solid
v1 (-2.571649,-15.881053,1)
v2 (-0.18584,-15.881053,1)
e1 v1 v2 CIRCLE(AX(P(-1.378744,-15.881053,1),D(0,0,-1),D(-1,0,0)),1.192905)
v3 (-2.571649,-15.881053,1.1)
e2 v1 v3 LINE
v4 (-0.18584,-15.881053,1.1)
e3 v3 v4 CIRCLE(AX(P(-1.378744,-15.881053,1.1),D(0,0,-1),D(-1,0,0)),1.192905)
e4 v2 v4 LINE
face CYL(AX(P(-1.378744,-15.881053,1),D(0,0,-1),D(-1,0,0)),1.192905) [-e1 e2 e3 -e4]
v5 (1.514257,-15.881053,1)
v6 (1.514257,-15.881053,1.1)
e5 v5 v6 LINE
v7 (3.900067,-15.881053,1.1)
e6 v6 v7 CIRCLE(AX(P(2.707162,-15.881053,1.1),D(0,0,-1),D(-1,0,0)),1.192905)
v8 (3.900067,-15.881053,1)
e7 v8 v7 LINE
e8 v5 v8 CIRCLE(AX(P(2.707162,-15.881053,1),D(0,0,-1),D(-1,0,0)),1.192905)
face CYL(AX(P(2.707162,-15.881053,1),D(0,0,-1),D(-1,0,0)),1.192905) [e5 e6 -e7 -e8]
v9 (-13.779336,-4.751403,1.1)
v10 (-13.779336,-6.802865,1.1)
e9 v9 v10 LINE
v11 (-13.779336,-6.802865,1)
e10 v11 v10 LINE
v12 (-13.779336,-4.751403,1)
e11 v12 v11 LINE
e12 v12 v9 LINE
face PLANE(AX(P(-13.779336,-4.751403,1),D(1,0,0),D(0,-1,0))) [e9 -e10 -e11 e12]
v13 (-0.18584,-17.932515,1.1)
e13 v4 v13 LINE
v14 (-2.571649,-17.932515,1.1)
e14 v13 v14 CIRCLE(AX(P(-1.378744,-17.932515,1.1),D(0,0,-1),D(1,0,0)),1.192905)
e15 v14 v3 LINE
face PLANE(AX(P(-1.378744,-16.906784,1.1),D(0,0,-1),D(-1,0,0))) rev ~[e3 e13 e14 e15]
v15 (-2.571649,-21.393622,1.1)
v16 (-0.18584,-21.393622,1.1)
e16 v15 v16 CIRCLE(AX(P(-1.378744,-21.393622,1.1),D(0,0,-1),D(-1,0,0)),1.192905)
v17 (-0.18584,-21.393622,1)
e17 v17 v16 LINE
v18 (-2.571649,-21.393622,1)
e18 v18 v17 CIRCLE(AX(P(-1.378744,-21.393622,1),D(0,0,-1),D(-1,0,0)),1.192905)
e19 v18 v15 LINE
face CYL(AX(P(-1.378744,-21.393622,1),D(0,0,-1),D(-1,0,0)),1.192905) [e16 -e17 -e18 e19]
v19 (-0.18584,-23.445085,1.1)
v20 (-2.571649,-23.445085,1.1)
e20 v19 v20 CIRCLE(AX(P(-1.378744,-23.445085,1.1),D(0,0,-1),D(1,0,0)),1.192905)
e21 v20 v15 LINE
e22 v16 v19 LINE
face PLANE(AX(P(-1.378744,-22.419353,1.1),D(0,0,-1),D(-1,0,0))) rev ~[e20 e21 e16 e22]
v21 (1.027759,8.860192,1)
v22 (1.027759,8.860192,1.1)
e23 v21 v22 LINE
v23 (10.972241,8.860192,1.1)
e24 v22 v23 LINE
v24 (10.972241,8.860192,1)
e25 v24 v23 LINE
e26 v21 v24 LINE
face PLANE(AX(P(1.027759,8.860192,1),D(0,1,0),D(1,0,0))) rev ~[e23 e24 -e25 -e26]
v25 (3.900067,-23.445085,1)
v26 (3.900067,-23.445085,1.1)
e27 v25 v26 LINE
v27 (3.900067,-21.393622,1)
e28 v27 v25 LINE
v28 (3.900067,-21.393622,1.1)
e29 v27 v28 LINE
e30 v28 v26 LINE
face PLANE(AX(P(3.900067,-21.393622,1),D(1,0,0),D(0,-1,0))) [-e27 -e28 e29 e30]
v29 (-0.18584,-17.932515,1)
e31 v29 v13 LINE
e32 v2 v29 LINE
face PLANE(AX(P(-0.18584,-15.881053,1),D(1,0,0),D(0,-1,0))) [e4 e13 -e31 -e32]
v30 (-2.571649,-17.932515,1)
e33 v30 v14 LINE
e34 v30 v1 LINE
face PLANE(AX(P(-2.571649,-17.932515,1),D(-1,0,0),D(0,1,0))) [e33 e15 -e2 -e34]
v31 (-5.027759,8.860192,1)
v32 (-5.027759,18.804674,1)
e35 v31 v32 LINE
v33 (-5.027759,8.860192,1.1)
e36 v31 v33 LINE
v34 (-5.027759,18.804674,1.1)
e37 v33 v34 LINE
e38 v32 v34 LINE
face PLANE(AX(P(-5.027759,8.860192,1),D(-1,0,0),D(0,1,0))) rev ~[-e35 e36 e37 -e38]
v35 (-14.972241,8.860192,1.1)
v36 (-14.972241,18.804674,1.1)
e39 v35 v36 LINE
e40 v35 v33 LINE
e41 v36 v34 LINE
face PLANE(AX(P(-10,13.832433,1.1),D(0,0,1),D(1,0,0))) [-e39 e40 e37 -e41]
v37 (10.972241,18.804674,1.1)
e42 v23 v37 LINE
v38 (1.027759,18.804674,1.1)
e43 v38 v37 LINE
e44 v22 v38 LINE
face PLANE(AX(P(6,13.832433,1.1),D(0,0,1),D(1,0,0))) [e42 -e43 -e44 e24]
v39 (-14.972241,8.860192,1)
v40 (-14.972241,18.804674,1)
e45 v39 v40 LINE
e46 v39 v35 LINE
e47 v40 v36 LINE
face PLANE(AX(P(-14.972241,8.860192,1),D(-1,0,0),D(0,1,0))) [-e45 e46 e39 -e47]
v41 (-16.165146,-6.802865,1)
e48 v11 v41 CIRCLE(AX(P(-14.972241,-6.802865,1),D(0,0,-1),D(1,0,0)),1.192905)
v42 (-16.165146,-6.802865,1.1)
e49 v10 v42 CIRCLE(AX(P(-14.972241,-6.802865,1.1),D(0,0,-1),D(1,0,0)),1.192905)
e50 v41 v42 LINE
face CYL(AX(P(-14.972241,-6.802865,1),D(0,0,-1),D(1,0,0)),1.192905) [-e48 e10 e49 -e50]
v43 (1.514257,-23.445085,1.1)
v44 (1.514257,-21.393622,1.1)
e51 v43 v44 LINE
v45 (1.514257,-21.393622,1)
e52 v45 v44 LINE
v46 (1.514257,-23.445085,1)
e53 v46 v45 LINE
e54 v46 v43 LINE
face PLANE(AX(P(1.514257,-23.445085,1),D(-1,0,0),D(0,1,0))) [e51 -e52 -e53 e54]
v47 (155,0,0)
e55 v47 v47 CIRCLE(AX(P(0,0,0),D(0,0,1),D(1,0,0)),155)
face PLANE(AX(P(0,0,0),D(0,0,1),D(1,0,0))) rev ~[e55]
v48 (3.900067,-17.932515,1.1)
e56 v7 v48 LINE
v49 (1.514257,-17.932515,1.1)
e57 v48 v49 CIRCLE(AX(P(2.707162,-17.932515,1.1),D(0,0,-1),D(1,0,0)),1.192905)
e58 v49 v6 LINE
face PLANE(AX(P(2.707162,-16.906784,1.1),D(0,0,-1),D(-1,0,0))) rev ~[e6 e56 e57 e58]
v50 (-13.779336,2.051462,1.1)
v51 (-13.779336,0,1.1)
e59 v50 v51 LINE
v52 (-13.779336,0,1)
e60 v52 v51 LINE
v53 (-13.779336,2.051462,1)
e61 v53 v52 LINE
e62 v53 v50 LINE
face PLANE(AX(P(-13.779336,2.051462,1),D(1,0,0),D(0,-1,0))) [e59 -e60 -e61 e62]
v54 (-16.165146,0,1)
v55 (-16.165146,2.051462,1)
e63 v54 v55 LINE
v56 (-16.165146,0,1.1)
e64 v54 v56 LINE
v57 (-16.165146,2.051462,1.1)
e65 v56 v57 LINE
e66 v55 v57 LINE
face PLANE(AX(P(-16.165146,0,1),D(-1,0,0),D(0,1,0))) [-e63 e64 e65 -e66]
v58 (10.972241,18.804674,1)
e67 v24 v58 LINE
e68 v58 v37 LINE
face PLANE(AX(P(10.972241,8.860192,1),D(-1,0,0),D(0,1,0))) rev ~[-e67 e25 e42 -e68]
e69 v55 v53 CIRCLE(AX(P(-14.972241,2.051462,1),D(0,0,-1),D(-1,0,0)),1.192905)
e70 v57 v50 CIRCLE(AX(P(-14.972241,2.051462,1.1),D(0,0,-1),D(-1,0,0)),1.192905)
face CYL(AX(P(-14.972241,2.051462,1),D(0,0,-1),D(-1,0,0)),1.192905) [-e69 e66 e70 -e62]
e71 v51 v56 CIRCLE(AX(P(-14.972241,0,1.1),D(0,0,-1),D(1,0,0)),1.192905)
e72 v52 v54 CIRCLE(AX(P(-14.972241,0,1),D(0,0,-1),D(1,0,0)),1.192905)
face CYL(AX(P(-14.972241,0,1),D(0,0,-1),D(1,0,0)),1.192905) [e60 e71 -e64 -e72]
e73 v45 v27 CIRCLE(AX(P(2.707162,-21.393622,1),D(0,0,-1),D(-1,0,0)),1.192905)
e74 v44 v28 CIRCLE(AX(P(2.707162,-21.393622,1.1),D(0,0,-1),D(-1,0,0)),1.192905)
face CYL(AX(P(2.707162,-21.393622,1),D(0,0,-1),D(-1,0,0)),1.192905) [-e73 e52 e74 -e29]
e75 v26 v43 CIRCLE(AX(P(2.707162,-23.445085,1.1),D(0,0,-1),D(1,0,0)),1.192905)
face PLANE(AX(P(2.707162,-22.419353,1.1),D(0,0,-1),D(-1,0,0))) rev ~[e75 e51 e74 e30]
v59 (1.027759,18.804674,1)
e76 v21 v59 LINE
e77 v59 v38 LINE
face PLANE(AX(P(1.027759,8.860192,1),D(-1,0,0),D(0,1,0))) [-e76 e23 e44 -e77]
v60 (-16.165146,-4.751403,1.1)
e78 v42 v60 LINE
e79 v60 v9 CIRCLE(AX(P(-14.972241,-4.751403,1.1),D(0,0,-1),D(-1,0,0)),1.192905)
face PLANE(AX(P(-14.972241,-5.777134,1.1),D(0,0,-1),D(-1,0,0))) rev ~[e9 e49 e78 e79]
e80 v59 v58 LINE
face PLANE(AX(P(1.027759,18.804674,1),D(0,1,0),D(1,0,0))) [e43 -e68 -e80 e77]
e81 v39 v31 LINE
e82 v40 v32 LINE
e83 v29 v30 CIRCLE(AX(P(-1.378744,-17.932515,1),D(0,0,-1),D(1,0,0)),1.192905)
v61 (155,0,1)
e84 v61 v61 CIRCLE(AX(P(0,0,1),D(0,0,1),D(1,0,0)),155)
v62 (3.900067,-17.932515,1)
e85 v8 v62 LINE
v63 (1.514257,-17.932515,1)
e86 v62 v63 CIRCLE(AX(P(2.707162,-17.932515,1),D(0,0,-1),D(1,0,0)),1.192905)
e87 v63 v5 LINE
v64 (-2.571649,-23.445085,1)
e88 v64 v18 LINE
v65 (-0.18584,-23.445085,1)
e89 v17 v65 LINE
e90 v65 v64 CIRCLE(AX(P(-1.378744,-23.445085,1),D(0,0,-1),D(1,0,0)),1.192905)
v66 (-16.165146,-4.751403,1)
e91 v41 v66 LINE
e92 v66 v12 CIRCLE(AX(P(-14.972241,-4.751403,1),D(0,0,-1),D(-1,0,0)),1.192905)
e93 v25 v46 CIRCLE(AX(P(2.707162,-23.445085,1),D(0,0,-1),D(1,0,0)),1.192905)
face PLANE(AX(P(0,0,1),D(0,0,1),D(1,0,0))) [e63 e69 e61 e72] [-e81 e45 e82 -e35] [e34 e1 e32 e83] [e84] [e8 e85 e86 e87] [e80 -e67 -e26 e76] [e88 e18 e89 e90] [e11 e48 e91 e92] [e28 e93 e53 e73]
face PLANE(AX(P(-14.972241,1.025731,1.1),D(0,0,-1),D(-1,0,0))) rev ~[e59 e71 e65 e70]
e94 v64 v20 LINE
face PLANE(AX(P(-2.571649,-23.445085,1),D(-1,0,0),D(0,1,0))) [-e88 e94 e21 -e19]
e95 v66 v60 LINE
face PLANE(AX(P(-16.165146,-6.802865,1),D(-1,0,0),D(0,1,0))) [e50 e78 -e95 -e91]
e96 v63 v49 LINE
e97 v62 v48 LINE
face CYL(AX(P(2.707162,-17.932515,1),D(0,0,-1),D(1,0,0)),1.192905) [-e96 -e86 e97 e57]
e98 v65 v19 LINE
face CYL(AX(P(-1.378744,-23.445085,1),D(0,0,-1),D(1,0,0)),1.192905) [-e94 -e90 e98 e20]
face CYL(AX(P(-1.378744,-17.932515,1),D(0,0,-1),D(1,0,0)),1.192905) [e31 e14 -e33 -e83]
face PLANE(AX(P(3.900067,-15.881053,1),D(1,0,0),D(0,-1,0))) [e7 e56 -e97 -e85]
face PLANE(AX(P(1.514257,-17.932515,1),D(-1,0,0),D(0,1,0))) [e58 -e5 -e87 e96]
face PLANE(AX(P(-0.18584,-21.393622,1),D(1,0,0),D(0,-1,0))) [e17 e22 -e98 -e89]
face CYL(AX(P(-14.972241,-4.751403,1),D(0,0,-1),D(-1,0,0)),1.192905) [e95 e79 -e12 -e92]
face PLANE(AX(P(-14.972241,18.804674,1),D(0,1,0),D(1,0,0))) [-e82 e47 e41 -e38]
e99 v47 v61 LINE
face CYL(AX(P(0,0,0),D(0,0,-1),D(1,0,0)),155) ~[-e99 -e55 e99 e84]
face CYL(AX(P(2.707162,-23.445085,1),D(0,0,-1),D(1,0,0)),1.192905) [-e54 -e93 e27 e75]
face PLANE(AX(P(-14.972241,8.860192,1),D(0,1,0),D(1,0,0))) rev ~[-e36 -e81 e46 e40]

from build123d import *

# Parameters (mm, degrees)
SKETCH1_R           = 155
BOSS_EXTRUDE1_DEPTH = 1
SKETCH2_W           = 9.944482202
SKETCH2_H           = 9.944482203
BOSS_EXTRUDE2_DEPTH = 0.1


with BuildPart() as part:
    # Sketch1 → Boss-Extrude1 (new body)
    with BuildSketch(Plane.XY):
        Circle(SKETCH1_R)
    extrude(amount=BOSS_EXTRUDE1_DEPTH)

    # Sketch2 → Boss-Extrude2 (add)
    with BuildSketch(Plane.XY.offset(1)):
        with Locations((-10, 13.832433297)):
            Rectangle(SKETCH2_W, SKETCH2_H)
        with Locations((6, 13.832433297)):
            Rectangle(SKETCH2_W, SKETCH2_H)
        with BuildLine():
            Line((-13.779336212, 2.051462451), (-13.779336212, 0))
            ThreePointArc((-13.779336212, 0), (-14.972241101, -1.19290489), (-16.165145991, 0))
            Line((-16.165145991, 0), (-16.165145991, 2.051462451))
            ThreePointArc((-16.165145991, 2.051462451), (-14.972241101, 3.244367341), (-13.779336212, 2.051462451))
        make_face()
        with BuildLine():
            Line((-16.165145991, -6.802865473), (-16.165145991, -4.751403022))
            ThreePointArc((-16.165145991, -4.751403022), (-14.972241101, -3.558498133), (-13.779336212, -4.751403022))
            Line((-13.779336212, -4.751403022), (-13.779336212, -6.802865473))
            ThreePointArc((-13.779336212, -6.802865473), (-14.972241101, -7.995770363), (-16.165145991, -6.802865473))
        make_face()
        with BuildLine():
            Line((-0.185839603, -15.881052977), (-0.185839603, -17.932515427))
            ThreePointArc((-0.185839603, -17.932515427), (-1.378744492, -19.125420317), (-2.571649382, -17.932515427))
            Line((-2.571649382, -17.932515427), (-2.571649382, -15.881052977))
            ThreePointArc((-2.571649382, -15.881052977), (-1.378744492, -14.688148087), (-0.185839603, -15.881052977))
        make_face()
        with BuildLine():
            Line((3.900067015, -15.881052977), (3.900067015, -17.932515427))
            ThreePointArc((3.900067015, -17.932515427), (2.707162125, -19.125420317), (1.514257236, -17.932515427))
            Line((1.514257236, -17.932515427), (1.514257236, -15.881052977))
            ThreePointArc((1.514257236, -15.881052977), (2.707162125, -14.688148087), (3.900067015, -15.881052977))
        make_face()
        with BuildLine():
            Line((-0.185839603, -21.393622173), (-0.185839603, -23.445084624))
            ThreePointArc((-0.185839603, -23.445084624), (-1.378744492, -24.637989514), (-2.571649382, -23.445084624))
            Line((-2.571649382, -23.445084624), (-2.571649382, -21.393622173))
            ThreePointArc((-2.571649382, -21.393622173), (-1.378744492, -20.200717283), (-0.185839603, -21.393622173))
        make_face()
        with BuildLine():
            Line((1.514257236, -23.445084624), (1.514257236, -21.393622173))
            ThreePointArc((1.514257236, -21.393622173), (2.707162125, -20.200717283), (3.900067015, -21.393622173))
            Line((3.900067015, -21.393622173), (3.900067015, -23.445084624))
            ThreePointArc((3.900067015, -23.445084624), (2.707162125, -24.637989514), (1.514257236, -23.445084624))
        make_face()
    extrude(amount=BOSS_EXTRUDE2_DEPTH)


solid = part.part
